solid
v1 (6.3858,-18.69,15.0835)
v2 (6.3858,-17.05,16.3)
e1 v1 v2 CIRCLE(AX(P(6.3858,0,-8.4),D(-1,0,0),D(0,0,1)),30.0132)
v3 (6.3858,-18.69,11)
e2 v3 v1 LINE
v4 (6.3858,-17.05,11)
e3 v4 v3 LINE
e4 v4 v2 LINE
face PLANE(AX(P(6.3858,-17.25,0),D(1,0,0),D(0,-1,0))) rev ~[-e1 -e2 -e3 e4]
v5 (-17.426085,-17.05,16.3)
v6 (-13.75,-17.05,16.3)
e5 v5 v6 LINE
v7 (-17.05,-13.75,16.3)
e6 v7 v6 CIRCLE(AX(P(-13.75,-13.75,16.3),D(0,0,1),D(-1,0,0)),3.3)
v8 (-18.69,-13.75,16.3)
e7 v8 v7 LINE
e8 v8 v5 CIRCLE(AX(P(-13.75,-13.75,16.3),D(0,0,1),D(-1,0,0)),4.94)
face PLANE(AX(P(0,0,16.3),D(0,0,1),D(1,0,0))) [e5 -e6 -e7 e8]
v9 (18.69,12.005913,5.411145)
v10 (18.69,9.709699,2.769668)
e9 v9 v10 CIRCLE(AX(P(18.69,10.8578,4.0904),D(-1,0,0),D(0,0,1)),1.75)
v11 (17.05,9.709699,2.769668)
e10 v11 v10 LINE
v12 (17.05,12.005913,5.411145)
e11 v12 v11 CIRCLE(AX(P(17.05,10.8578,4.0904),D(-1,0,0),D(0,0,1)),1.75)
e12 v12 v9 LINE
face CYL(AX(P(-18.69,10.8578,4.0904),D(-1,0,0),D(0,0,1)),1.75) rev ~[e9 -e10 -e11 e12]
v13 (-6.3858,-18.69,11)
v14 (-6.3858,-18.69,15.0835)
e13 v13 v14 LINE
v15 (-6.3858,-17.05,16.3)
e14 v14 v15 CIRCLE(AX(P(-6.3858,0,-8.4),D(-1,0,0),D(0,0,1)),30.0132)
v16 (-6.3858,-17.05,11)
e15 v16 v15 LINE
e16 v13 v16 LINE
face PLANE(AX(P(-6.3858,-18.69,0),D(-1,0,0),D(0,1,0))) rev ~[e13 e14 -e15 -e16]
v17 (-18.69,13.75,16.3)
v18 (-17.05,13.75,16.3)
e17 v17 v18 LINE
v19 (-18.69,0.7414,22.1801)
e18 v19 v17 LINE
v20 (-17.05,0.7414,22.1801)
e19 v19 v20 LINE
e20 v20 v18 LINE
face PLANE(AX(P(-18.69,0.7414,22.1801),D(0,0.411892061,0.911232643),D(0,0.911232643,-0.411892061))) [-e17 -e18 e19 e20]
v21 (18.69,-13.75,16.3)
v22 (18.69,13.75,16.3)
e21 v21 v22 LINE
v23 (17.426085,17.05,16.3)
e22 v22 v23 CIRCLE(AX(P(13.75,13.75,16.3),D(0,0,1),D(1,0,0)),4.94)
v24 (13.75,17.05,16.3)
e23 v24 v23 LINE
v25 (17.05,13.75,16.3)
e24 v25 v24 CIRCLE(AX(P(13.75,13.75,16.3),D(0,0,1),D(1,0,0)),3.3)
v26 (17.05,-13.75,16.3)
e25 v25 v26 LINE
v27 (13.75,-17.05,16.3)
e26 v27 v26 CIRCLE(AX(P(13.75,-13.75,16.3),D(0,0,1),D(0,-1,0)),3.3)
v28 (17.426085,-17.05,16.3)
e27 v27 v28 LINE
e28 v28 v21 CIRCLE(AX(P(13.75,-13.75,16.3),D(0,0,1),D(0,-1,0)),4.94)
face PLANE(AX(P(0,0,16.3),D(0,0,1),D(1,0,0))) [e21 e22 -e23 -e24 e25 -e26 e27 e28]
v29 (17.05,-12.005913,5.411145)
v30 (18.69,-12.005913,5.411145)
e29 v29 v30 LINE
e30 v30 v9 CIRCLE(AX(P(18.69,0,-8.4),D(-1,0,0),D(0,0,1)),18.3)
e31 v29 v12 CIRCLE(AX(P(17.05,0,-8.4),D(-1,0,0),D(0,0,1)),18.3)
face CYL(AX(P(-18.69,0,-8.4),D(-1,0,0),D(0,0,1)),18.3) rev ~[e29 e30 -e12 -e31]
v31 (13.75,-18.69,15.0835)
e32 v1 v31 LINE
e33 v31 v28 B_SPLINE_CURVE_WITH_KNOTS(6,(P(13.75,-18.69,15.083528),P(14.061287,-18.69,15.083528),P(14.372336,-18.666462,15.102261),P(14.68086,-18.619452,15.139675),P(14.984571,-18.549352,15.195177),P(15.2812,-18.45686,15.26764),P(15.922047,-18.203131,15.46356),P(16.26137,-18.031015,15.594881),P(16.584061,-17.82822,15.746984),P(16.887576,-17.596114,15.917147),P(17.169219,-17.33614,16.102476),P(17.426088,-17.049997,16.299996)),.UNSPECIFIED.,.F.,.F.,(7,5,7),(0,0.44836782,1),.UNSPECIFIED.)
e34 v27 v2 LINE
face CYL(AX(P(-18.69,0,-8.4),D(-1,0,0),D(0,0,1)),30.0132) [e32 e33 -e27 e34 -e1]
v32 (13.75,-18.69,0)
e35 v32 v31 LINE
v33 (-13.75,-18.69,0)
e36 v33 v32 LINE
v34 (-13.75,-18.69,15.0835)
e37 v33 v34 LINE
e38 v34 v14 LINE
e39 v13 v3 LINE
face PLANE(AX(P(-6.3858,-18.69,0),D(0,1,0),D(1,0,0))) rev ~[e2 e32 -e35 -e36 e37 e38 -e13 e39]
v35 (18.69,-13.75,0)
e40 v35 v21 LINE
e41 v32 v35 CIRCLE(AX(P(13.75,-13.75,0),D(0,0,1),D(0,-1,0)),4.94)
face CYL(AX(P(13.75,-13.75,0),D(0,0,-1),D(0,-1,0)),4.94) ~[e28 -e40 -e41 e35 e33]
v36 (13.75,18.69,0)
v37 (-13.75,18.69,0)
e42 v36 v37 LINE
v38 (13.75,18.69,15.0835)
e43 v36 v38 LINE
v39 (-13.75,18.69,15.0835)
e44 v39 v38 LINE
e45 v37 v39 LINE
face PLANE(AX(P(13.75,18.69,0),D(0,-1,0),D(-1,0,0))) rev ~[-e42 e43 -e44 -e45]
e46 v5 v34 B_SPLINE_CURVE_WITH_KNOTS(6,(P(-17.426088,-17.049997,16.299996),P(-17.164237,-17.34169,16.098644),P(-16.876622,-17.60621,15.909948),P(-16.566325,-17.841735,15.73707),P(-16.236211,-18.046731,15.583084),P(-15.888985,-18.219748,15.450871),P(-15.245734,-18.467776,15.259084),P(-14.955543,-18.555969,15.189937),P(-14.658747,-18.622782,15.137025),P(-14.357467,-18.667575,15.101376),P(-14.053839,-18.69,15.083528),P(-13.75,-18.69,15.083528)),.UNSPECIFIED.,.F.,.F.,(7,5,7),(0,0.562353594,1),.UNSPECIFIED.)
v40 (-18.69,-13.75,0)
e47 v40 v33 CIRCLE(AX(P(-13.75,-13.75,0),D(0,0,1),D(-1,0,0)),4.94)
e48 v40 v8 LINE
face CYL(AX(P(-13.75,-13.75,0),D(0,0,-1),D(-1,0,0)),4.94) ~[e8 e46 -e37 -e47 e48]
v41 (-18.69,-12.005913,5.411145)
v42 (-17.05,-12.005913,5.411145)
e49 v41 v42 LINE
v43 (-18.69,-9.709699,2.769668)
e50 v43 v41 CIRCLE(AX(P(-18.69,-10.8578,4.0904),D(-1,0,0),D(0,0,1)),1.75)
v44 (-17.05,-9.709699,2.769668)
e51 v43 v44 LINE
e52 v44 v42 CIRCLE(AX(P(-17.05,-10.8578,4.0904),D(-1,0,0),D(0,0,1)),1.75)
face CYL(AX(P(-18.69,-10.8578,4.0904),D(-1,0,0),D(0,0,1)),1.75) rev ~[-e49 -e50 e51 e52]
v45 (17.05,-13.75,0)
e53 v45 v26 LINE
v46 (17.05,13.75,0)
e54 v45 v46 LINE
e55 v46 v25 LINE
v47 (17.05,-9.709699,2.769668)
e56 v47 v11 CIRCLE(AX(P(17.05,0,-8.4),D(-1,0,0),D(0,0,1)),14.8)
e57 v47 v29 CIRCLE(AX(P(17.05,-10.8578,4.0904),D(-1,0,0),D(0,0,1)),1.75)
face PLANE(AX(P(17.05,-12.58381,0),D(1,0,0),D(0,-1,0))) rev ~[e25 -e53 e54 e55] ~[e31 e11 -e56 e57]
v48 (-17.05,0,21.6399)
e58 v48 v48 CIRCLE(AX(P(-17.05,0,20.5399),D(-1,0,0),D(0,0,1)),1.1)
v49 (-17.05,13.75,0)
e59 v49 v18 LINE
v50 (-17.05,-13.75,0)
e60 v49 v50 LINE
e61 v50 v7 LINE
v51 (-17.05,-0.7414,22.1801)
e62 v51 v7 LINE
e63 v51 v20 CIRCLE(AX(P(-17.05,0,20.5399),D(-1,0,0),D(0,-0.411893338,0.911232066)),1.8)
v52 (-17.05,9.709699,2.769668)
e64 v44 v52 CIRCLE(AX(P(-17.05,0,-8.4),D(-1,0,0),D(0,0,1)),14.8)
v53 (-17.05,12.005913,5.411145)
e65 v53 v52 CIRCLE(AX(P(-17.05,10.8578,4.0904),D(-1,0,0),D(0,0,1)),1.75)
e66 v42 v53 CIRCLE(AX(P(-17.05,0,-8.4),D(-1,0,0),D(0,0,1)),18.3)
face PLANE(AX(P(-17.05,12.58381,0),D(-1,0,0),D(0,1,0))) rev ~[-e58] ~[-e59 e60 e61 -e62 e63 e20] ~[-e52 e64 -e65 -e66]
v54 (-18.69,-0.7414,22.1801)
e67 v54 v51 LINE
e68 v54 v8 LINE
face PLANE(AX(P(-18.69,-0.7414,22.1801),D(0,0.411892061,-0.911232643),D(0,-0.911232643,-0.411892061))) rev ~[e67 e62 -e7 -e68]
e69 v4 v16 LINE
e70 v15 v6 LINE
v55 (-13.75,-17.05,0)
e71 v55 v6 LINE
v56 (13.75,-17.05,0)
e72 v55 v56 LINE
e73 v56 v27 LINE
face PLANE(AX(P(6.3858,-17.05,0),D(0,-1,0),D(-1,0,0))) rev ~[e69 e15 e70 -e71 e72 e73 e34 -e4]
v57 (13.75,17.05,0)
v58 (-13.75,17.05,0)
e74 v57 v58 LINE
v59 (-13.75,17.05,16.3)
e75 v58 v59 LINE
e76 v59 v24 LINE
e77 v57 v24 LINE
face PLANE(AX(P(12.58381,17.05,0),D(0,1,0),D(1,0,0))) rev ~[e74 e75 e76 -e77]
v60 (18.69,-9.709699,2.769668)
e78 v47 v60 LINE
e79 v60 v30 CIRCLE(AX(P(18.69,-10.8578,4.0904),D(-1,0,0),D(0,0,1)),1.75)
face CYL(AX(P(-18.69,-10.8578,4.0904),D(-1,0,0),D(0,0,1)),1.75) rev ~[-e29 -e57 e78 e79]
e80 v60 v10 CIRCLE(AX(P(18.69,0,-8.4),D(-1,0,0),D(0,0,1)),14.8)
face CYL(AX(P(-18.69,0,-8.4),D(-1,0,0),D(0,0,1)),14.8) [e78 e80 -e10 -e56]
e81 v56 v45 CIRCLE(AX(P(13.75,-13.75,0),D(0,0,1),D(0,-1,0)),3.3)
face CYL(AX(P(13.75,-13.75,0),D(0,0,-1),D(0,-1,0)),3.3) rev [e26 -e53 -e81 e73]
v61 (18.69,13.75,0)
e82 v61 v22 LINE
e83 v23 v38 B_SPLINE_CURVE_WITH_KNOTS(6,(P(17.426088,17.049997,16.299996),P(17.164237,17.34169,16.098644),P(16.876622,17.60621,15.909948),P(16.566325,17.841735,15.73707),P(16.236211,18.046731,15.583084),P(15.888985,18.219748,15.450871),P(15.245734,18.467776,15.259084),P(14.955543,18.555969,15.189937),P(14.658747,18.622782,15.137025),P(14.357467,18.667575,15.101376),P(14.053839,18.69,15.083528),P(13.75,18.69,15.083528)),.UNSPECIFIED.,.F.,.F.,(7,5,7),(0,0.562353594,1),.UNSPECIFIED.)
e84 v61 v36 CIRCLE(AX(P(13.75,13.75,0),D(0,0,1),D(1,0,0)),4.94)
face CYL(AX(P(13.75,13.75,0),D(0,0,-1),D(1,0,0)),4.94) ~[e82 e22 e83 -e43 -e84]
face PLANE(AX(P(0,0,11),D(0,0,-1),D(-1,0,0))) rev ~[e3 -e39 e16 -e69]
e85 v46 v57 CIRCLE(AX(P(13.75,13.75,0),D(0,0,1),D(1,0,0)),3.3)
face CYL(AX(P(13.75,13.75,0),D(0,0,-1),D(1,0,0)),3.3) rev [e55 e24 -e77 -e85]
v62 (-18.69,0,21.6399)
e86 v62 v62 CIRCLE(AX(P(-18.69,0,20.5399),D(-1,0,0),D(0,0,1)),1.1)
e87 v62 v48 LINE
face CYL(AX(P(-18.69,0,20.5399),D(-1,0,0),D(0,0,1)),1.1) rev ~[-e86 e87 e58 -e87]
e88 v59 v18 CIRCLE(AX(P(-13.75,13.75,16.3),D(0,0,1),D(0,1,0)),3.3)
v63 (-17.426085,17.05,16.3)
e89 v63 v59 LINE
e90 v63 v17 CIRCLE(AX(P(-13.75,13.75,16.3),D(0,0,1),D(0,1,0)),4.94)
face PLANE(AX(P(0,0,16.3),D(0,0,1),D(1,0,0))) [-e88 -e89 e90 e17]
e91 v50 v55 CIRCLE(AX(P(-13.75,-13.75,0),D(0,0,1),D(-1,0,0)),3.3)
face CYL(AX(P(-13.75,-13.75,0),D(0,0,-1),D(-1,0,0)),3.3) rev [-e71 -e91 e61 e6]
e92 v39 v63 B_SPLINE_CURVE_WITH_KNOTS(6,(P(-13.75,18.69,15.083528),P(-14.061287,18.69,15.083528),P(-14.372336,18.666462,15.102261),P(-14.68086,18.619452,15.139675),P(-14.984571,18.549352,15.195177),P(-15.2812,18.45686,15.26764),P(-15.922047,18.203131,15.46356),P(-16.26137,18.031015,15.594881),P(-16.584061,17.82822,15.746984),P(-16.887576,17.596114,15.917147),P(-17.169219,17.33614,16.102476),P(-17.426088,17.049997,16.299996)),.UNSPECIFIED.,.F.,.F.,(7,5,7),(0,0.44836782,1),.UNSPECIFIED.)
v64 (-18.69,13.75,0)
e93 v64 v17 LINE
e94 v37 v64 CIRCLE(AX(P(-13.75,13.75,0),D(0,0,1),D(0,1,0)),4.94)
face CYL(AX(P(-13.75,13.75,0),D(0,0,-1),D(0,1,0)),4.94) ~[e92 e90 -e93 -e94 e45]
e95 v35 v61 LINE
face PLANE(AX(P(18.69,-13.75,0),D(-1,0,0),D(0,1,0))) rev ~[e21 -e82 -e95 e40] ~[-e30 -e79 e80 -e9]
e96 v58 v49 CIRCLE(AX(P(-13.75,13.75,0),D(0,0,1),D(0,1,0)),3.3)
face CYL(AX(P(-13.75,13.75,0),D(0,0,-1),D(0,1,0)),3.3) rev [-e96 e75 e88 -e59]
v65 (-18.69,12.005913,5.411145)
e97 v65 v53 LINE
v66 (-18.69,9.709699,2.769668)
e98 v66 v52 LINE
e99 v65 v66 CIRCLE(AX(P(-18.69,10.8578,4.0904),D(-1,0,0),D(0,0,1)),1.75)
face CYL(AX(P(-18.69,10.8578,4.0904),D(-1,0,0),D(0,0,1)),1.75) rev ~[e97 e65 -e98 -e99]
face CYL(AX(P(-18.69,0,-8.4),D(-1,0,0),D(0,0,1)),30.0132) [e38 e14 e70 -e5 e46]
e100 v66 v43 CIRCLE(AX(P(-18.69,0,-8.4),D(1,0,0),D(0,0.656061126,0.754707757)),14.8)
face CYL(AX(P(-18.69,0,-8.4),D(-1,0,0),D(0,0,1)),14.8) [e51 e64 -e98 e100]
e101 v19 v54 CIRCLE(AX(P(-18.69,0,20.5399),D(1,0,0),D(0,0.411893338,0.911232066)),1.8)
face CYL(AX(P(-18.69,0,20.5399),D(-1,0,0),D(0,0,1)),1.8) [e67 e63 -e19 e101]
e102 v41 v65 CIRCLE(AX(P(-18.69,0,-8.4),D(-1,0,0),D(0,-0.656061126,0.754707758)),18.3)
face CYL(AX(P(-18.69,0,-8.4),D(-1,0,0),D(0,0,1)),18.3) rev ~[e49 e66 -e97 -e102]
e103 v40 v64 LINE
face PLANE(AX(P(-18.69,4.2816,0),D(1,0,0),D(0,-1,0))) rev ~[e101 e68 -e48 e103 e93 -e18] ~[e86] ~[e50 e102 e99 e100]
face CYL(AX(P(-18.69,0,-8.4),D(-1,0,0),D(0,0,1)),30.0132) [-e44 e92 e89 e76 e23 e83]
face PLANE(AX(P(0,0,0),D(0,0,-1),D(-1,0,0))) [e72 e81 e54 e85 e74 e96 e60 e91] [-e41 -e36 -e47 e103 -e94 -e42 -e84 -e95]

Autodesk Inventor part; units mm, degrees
ref_plane "YZ Plane" through (0, 0, 0) normal (1, 0, 0) x (0, 1, 0)
ref_plane "РабПлоскость1" through (-16.75, -17.4, 16.3) normal (0, 0, 1) x (1, 0, 0)
sketch "Эскиз1" plane through (0, 0, 0) normal (0, 0, 1) x (1, 0, 0)
  line L0 (-18.1779, 4.2816) -> (-18.69, 4.2816) projected
  line L1 (-18.69, 4.2816) -> (-18.69, -13.75) projected
  arc A0 (-18.69, -13.75) -> (-13.75, -18.69) centre (-13.75, -13.75) ccw projected
  line L2 (-13.75, -18.69) -> (13.75, -18.69) projected
  arc A1 (13.75, -18.69) -> (18.69, -13.75) centre (13.75, -13.75) ccw projected
  line L3 (18.69, -13.75) -> (18.69, 13.75) projected
  arc A2 (18.69, 13.75) -> (13.75, 18.69) centre (13.75, 13.75) ccw projected
  line L4 (13.75, 18.69) -> (-13.75, 18.69) projected
  arc A3 (-13.75, 18.69) -> (-18.69, 13.75) centre (-13.75, 13.75) ccw projected
  line L5 (-18.69, 13.75) -> (-18.69, 9.7184) projected
  line L6 (-18.69, 9.7184) -> (-18.1779, 9.7184) projected
  line L7 (-18.1779, 13.75) -> (-18.1779, 9.7184) projected
  arc A4 (-13.75, 18.1779) -> (-18.1779, 13.75) centre (-13.75, 13.75) ccw projected
  line L8 (13.75, 18.1779) -> (-13.75, 18.1779) projected
  arc A5 (18.1779, 13.75) -> (13.75, 18.1779) centre (13.75, 13.75) ccw projected
  line L9 (18.1779, -13.75) -> (18.1779, 13.75) projected
  arc A6 (13.75, -18.1779) -> (18.1779, -13.75) centre (13.75, -13.75) ccw projected
  line L10 (-13.75, -18.1779) -> (13.75, -18.1779) projected
  arc A7 (-18.1779, -13.75) -> (-13.75, -18.1779) centre (-13.75, -13.75) ccw projected
  line L11 (-18.1779, 4.2816) -> (-18.1779, -13.75) projected
  line L12 (-18.1779, 4.2816) -> (-18.69, 4.2816)
  line L13 (-18.69, 4.2816) -> (-18.69, 9.7184)
  line L14 (-18.69, 9.7184) -> (-18.1779, 9.7184)
  line L15 (-18.1779, 9.7184) -> (-18.1779, 4.2816)
  line L16 (-13.75, 16.45) -> (10.2, 16.45) projected
  arc A8 (-13.75, 16.45) -> (-16.75, 13.45) centre (-13.75, 13.45) ccw projected
  line L17 (-16.75, -10.2) -> (-16.75, 13.45) projected
  arc A9 (-16.75, -10.2) -> (-15.75, -11.2) centre (-15.75, -10.2) ccw projected
  line L18 (-14.1, -11.2) -> (-15.75, -11.2) projected
  arc A10 (-11.2, -14.1) -> (-14.1, -11.2) centre (-14.1, -14.1) ccw projected
  line L19 (-11.2, -14.1) -> (-11.2, -15.75) projected
  arc A11 (-11.2, -15.75) -> (-10.2, -16.75) centre (-10.2, -15.75) ccw projected
  line L20 (-6.3858, -16.75) -> (-10.2, -16.75) projected
  arc A12 (-5.9929, -17.075) -> (-6.3858, -16.75) centre (-6.3858, -17.15) ccw projected
  arc A13 (-5.9929, -17.075) -> (-5.6, -17.4) centre (-5.6, -17) ccw projected
  line L21 (-5.6, -17.4) -> (5.6, -17.4) projected
  arc A14 (5.6, -17.4) -> (5.9929, -17.075) centre (5.6, -17) ccw projected
  arc A15 (6.3858, -16.75) -> (5.9929, -17.075) centre (6.3858, -17.15) ccw projected
  line L22 (12.1982, -16.75) -> (6.3858, -16.75) projected
  arc A16 (12.1982, -16.75) -> (13.1981, -15.7356) centre (12.1982, -15.75) ccw projected
  arc A17 (15.7351, -13.198) -> (13.1981, -15.7356) centre (15.6978, -15.6978) ccw projected
  arc A18 (15.7351, -13.198) -> (16.75, -12.1982) centre (15.75, -12.1982) ccw projected
  line L23 (16.75, -12.1982) -> (16.75, 10.2) projected
  arc A19 (16.75, 10.2) -> (15.75, 11.2) centre (15.75, 10.2) ccw projected
  line L24 (14.1, 11.2) -> (15.75, 11.2) projected
  arc A20 (11.2, 14.1) -> (14.1, 11.2) centre (14.1, 14.1) ccw projected
  line L25 (11.2, 15.45) -> (11.2, 14.1) projected
  arc A21 (11.2, 15.45) -> (10.2, 16.45) centre (10.2, 15.45) ccw projected
  circle A22 centre (7, 14.5) radius 0.95 projected
  circle A23 centre (0, 14.6) radius 0.75 projected
  circle A24 centre (-7.5, -13.8) radius 0.95 projected
  circle A25 centre (-14.9, 2) radius 0.75 projected
  circle A26 centre (8.272, -2.7758) radius 0.5 projected
  circle A27 centre (8.6932, -0.0132) radius 0.5 projected
  circle A28 centre (8.2597, 2.7621) radius 0.5 projected
  circle A29 centre (-2.2984, 14.2551) radius 0.5 projected
  circle A30 centre (-4.5412, 14.2552) radius 0.5 projected
  circle A31 centre (13.75, -13.75) radius 3.5
  circle A32 centre (-13.75, -13.75) radius 3.5
  circle A33 centre (13.75, 13.75) radius 3.5
  circle A34 centre (-13.75, 13.75) radius 3.5
  line L26 (-17.25, 13.75) -> (-17.25, -13.75)
  line L27 (-13.75, -17.25) -> (13.75, -17.25)
  line L28 (17.25, -13.75) -> (17.25, 13.75)
  line L29 (13.75, 17.25) -> (-13.75, 17.25)
  arc A35 (13.75, -17.25) -> (17.25, -13.75) centre (13.75, -13.75) ccw
  arc A36 (-17.25, -13.75) -> (-13.75, -17.25) centre (-13.75, -13.75) ccw
  arc A37 (-13.75, 17.25) -> (-17.25, 13.75) centre (-13.75, 13.75) ccw
  arc A38 (17.25, 13.75) -> (13.75, 17.25) centre (13.75, 13.75) ccw
  line L30 (-13.75, 17.05) -> (13.75, 17.05)
  arc A39 (17.05, 13.75) -> (13.75, 17.05) centre (13.75, 13.75) ccw
  line L31 (17.05, 13.75) -> (17.05, -13.75)
  arc A40 (13.75, -17.05) -> (17.05, -13.75) centre (13.75, -13.75) ccw
  line L32 (13.75, -17.05) -> (-13.75, -17.05)
  arc A41 (-17.05, -13.75) -> (-13.75, -17.05) centre (-13.75, -13.75) ccw
  line L33 (-17.05, -13.75) -> (-17.05, 13.75)
  arc A42 (-13.75, 17.05) -> (-17.05, 13.75) centre (-13.75, 13.75) ccw
  line L34 (6.3858, -18.69) -> (-6.3858, -18.69)
  line L35 (-6.3858, -18.69) -> (-6.3858, -14.69)
  line L36 (-6.3858, -14.69) -> (6.3858, -14.69)
  line L37 (6.3858, -14.69) -> (6.3858, -18.69)
  point P0 (0, 0)
  point P1 (12.5838, -17.05)
  point P2 (5.9122, -17.25)
  point P3 (5.9985, -17.05)
  point P4 (-6.3858, -17.05)
  point P5 (6.3858, -17.05)
  point P6 (-6.3858, -18.69)
  dimension "d0" = 7
  dimension "d2" = 7
  dimension "d3" = 7
  dimension "d4" = 7
  dimension "d5" = 0.2
  dimension "d8" = 4
extrude "Выдавливание1" add sketch "Эскиз1" along normal up to surface (16.3 mm away) contours L11 A7 L10 L35 L2 A0 L1 L0 | L15 L7 A4 L8 A5 L9 A6 L10 L37 L27 A31 L28 A33 L29 A34 L26 A32 L35 A7 L11 | L0 L13 L6 L15 | L6 L5 A3 L4 A2 L3 A1 L2 L37 L10 A6 L9 A5 L8 A4 L7 | L27 A32 L32 L35 | L37 L32 A31 L27 | A32 L33 A41 L32 | A31 L32 A40 L31 | L26 A34 L33 A32 | A31 L31 A33 L28 | A34 L30 A42 L33 | A33 L31 A39 L30 | L29 A33 L30 A34
sketch "Эскиз2" plane through (0, 0, 0) normal (0, 0, -1) x (-1, 0, 0)
  line L0 (6.3858, -18.69) -> (6.3858, -17.05) projected
  line L1 (-6.3858, -17.05) -> (-6.3858, -18.69) projected
  line L2 (6.3858, -18.69) -> (-6.3858, -18.69)
  line L3 (-6.3858, -18.69) -> (-6.3858, -17.05)
  line L4 (-6.3858, -17.05) -> (6.3858, -17.05)
  line L5 (6.3858, -17.05) -> (6.3858, -18.69)
  point P0 (0, 0)
extrude "Выдавливание2" add sketch "Эскиз2" against normal blind 11
sketch "Эскиз3" plane through (-18.69, -13.75, 0) normal (-1, 0, 0) x (0, 0, 1)
  circle A0 centre (-8.4, 13.75) radius 18.69 projected
  line L0 (0, 13.75) -> (16.3, 13.75)
  line L1 (16.3, 27.5) -> (16.3, 0) projected
  circle A1 centre (-8.4, 13.75) radius 14.8
  line L2 (0, 13.75) -> (16.3, 13.75)
  line L3 (0, 0) -> (0, 27.5) projected
  circle A2 centre (8.15, 13.75) radius 1.75
  circle A3 centre (-8.4, 13.75) radius 18.3
  circle A4 centre (4.0904, 24.6078) radius 1.75
  circle A5 centre (4.0904, 2.8922) radius 1.75
  line L4 (-8.4, 13.75) -> (22.7381, 2.4167) projected
  line L5 (-8.4, 13.75) -> (22.7381, 25.0833) projected
  line L6 (4.0904, 2.8922) -> (-8.4, 13.75)
  line L7 (-8.4, 13.75) -> (4.0904, 24.6078)
  circle A6 centre (7.5861, 18.0335) radius 1.75
  circle A7 centre (7.5861, 9.4665) radius 1.75
  line L8 (-8.4, 13.75) -> (7.5861, 18.0335)
  line L9 (7.5861, 9.4665) -> (-8.4, 13.75)
  point P0 (5.4112, 25.7559)
  point P1 (2.7697, 23.4597)
  point P2 (2.7697, 4.0403)
  point P3 (5.4112, 1.7441)
  dimension "d12" = 3.5
  dimension "d13" = 3.5
  dimension "d14" = 3.5
  dimension "d26" = 30
  dimension "d27" = 15
  dimension "d28" = 26
  dimension "d29" = 26
extrude "Выдавливание3" cut sketch "Эскиз3" against normal blind 40 contours A2 L0 | L0 A2 | A3 A7 A1 A2 | A2 A1 A6 A3 | L5 A6 A1 A4 A3 | A3 A6 L5 | L4 A7 A3 | A3 A5 A1 L4 A7 | A6 L5 | A7 L4 | A4 | L5 A6 | A5 | A7 L4 | A1 L5 A6 | A7 L4 A1
sketch "Эскиз5" plane through (-18.69, -13.75, 16.3) normal (-1, 0, 0) x (0, 0, 1)
  circle A0 centre (4.2399, 13.75) radius 1.1 projected
  circle A1 centre (4.2399, 13.75) radius 1.8
  line L0 (5.8801, 13.0086) -> (0, 0)
  line L1 (0, 27.5) -> (0, 0) projected
  line L2 (5.8801, 14.4914) -> (0, 27.5)
  point P0 (-16.3, 13.75)
  dimension "d23" = 3.6
extrude "Выдавливание5" add sketch "Эскиз5" against normal up to surface (1.64 mm away)
sketch "Эскиз6" plane through (-18.69, -13.75, 0) normal (-1, 0, 0) x (0, 0, 1)
  circle A0 centre (-8.4, 13.75) radius 30.7399 projected
  line L0 (0, -3.3) -> (16.3, -3.3) projected
  line L1 (0, 30.8) -> (16.3, 30.8) projected
  line L2 (16.3, -3.3) -> (16.3, 0) projected
  circle A1 centre (-8.4, 13.75) radius 30.0132
  circle A2 centre (-8.4, 13.75) radius 32.0132
  line L3 (16.3, -3.3) -> (18.6951, -3.3)
  line L4 (11, -4.94) -> (16.3, -4.94) projected
  line L5 (15.0835, -4.94) -> (17.5909, -4.94)
  line L6 (0, 30.8) -> (16.3, 30.8) projected
  line L7 (16.3, 30.8) -> (18.6951, 30.8)
  line L8 (0, 32.44) -> (16.3, 32.44) projected
  line L9 (15.0835, 32.44) -> (17.5909, 32.44)
  point P0 (0, 13.75)
  point P1 (16.3, 30.8)
  dimension "d30" = 2
ref_plane "РабПлоскость2" through (19.19, -20.45, 0) normal (-1, 0, 0) x (0, 0, 1)
extrude "Выдавливание6" cut sketch "Эскиз6" against normal blind 40 contours L7 A1 L8 A0 | A0 L8 L9 A2 L7 | L3 A2 L5 L4 A0 | A0 L4 A1 L3
equation "\"d27\" = 0.5 * d26"
properties part number "lidar_base"
